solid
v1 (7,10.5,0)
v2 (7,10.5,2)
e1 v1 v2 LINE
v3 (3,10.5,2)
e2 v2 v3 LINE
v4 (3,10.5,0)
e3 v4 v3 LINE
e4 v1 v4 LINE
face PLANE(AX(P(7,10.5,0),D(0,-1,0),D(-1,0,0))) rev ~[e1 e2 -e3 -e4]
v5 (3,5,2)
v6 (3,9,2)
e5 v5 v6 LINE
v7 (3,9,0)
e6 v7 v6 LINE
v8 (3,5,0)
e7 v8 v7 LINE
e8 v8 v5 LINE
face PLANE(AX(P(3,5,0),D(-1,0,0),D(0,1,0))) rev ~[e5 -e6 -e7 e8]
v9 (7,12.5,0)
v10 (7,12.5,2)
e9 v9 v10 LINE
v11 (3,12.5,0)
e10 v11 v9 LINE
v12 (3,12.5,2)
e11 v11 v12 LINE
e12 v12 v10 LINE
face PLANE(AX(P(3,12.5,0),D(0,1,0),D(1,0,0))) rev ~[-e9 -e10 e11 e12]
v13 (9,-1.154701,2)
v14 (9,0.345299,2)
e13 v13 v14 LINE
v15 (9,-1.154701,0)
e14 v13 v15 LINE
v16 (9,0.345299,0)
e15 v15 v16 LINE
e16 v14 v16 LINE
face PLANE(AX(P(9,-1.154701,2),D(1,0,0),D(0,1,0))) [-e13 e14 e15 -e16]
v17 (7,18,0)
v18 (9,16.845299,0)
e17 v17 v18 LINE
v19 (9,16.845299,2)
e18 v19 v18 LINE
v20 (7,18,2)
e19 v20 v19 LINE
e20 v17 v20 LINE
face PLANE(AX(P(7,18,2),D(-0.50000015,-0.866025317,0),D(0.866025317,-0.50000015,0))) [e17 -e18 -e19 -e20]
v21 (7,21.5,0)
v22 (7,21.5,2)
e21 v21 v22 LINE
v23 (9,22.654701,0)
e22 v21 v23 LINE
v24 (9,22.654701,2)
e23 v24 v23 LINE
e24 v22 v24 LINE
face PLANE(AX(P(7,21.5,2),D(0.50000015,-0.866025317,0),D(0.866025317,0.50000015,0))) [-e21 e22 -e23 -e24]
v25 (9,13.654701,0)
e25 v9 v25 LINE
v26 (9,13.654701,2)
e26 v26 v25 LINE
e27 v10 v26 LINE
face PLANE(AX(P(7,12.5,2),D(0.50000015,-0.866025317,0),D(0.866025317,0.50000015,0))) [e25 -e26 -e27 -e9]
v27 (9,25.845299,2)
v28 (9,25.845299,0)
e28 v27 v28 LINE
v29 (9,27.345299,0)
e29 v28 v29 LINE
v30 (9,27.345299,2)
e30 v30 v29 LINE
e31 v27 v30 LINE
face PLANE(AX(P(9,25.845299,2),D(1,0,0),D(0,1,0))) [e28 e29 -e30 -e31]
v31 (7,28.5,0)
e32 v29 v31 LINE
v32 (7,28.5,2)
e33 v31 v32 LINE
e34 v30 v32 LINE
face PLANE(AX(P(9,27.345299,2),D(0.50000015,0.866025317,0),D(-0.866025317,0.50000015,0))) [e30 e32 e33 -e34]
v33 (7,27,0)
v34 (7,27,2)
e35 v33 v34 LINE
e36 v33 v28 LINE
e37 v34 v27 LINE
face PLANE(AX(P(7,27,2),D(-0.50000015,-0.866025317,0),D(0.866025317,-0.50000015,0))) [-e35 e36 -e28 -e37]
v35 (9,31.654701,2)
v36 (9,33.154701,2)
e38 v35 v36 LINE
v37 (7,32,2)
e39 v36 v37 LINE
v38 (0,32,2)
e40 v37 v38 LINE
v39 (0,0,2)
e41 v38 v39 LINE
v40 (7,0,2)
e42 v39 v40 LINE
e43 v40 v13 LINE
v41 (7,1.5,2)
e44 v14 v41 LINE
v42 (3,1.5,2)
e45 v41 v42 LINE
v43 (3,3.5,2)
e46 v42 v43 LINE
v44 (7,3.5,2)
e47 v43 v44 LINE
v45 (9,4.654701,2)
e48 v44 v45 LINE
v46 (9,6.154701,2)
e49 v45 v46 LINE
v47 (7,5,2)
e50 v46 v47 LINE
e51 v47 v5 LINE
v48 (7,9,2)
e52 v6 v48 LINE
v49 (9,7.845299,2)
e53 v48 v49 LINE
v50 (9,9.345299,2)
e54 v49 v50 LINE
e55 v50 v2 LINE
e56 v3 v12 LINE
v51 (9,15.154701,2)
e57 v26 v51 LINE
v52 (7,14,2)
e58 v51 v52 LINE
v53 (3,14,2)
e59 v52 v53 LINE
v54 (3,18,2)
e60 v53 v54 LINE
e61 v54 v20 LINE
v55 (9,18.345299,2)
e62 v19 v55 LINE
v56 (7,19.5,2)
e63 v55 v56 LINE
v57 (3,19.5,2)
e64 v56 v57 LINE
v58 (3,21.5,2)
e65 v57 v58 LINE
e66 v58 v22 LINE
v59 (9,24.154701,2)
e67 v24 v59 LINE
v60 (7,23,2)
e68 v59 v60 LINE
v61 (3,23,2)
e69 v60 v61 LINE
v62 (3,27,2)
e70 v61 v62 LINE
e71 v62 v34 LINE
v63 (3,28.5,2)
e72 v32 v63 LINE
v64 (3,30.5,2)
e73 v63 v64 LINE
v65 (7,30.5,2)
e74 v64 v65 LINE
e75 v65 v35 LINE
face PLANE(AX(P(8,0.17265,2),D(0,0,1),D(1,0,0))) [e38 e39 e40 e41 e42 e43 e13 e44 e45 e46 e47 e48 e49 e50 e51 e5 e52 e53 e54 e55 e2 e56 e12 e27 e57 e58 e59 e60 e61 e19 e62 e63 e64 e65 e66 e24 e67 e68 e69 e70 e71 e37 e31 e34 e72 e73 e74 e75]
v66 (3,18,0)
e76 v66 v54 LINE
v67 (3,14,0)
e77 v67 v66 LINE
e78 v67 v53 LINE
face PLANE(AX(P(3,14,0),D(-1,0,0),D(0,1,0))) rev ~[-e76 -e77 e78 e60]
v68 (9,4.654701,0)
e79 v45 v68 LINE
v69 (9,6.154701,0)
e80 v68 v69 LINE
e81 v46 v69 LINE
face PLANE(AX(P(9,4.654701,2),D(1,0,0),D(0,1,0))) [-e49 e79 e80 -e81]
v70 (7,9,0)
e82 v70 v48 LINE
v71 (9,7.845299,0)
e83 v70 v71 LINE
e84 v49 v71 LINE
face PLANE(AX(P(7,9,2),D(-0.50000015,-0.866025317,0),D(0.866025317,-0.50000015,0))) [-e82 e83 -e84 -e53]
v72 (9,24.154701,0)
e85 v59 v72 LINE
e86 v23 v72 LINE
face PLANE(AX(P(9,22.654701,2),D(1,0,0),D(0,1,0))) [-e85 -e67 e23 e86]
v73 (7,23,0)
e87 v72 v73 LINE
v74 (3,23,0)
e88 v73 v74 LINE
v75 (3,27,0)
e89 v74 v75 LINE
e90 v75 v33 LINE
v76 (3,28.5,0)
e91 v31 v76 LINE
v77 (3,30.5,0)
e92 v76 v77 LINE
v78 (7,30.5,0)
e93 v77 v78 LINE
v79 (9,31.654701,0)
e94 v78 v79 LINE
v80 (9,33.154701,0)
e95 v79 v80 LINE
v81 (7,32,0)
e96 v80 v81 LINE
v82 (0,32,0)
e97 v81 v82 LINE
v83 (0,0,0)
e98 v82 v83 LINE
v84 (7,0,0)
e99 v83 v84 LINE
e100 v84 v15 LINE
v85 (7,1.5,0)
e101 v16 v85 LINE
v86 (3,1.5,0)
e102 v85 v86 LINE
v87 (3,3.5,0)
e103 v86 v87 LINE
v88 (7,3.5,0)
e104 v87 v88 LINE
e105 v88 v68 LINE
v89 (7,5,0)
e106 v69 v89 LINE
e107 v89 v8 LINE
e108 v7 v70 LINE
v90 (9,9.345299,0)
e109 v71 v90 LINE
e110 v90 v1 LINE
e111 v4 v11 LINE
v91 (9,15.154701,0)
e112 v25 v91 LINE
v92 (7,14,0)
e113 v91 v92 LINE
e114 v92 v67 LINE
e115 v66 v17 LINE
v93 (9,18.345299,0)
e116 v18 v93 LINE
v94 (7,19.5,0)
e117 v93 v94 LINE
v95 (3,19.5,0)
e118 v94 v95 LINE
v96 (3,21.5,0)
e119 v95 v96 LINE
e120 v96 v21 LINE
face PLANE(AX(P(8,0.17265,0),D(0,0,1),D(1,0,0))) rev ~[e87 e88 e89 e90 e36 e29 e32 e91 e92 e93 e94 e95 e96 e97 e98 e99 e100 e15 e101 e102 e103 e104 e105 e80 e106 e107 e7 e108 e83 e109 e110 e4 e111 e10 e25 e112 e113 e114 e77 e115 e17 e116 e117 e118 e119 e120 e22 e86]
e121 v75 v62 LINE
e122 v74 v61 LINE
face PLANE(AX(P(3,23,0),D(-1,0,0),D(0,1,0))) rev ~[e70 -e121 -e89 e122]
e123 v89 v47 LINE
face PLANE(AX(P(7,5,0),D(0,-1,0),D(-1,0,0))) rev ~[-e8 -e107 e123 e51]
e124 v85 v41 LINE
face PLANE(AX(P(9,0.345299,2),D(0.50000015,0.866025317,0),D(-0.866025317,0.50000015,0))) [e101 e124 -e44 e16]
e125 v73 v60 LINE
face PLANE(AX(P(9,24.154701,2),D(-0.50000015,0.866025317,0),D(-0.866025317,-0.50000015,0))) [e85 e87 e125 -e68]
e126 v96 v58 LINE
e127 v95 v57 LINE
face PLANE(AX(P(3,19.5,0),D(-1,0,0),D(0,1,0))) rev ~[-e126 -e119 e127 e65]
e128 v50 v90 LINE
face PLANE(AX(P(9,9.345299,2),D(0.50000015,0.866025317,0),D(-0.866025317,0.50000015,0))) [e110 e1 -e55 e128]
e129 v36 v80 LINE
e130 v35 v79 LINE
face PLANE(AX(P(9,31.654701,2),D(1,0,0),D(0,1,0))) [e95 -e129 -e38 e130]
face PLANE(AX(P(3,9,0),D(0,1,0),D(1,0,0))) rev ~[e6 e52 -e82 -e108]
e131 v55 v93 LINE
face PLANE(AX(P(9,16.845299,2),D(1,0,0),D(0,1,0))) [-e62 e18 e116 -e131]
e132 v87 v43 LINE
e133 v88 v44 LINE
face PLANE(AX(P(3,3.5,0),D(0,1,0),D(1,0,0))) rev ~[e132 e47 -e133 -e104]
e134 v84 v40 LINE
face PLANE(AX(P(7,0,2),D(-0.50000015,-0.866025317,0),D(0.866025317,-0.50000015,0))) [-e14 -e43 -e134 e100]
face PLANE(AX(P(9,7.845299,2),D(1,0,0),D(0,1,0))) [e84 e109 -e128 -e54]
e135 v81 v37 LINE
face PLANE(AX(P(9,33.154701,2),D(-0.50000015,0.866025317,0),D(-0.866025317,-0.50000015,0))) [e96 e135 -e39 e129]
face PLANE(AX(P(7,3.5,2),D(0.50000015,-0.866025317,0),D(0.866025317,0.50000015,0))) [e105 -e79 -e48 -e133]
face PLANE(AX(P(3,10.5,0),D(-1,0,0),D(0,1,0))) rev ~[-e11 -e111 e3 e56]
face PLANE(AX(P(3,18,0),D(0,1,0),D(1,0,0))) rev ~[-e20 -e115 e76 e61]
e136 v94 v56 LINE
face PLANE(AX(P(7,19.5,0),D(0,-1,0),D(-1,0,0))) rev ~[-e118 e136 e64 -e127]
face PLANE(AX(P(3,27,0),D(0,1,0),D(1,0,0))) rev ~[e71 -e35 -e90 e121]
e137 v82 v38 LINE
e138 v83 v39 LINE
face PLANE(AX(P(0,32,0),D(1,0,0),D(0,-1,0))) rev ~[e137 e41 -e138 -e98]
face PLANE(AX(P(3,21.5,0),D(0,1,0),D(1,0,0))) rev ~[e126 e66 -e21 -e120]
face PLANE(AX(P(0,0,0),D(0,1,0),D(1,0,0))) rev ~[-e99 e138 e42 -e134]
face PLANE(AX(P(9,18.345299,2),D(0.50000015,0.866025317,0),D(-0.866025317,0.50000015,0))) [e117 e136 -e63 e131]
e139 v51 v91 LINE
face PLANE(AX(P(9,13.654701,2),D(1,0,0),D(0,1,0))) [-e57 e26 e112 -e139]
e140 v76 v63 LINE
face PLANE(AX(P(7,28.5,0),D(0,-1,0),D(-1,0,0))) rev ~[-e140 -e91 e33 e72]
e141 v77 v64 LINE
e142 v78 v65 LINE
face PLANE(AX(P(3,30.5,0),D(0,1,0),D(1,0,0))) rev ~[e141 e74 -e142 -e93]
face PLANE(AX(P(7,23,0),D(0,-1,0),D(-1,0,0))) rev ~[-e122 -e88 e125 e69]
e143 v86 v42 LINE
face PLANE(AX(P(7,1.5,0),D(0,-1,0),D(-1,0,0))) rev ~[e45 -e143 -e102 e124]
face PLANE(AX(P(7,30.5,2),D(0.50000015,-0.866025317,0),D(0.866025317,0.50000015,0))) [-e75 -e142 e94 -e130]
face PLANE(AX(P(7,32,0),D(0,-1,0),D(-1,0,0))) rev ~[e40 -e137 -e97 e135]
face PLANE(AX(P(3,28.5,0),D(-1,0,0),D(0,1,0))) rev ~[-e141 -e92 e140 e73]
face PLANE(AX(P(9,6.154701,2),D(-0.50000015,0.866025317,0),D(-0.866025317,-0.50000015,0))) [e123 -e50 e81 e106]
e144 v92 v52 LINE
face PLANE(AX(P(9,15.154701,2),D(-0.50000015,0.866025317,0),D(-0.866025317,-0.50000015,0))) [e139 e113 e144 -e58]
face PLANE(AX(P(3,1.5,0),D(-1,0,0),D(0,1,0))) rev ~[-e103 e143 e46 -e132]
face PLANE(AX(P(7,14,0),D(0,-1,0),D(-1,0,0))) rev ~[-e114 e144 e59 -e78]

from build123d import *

# Parameters (mm, degrees)
F1_DEPTH = 2
F3_DEPTH = 2


with BuildPart() as f1:
    # F0 (on Top) → F1 (new body)
    with BuildSketch(Plane.XY):
        Polygon((0, 32), (0, 0), (7, 0), (7, 1.5), (3, 1.5), (3, 3.5), (7, 3.5), (7, 5), (3, 5), (3, 9), (7, 9), (7, 10.5), (3, 10.5), (3, 12.5), (7, 12.5), (7, 14), (3, 14), (3, 18), (7, 18), (7, 19.5), (3, 19.5), (3, 21.5), (7, 21.5), (7, 23), (3, 23), (3, 27), (7, 27), (7, 28.5), (3, 28.5), (3, 30.5), (7, 30.5), (7, 32), align=None)
    extrude(amount=F1_DEPTH)

    # F2 (on face) → F3 (join, through all)
    with BuildSketch(Plane.XY.offset(2)):
        Polygon((7, 1.5), (7, 0), (9, -1.154701), (9, 0.345299), align=None)
        Polygon((7, 5), (7, 3.5), (9, 4.654701), (9, 6.154701), align=None)
        Polygon((7, 12.5), (9, 13.654701), (9, 15.154701), (7, 14), align=None)
        Polygon((9, 7.845299), (9, 9.345299), (7, 10.5), (7, 9), align=None)
        Polygon((7, 21.5), (9, 22.654701), (9, 24.154701), (7, 23), align=None)
        Polygon((9, 16.845299), (9, 18.345299), (7, 19.5), (7, 18), align=None)
        Polygon((7, 30.5), (9, 31.654701), (9, 33.154701), (7, 32), align=None)
        Polygon((9, 25.845299), (9, 27.345299), (7, 28.5), (7, 27), align=None)
    extrude(amount=-F3_DEPTH)


solid = f1.part
